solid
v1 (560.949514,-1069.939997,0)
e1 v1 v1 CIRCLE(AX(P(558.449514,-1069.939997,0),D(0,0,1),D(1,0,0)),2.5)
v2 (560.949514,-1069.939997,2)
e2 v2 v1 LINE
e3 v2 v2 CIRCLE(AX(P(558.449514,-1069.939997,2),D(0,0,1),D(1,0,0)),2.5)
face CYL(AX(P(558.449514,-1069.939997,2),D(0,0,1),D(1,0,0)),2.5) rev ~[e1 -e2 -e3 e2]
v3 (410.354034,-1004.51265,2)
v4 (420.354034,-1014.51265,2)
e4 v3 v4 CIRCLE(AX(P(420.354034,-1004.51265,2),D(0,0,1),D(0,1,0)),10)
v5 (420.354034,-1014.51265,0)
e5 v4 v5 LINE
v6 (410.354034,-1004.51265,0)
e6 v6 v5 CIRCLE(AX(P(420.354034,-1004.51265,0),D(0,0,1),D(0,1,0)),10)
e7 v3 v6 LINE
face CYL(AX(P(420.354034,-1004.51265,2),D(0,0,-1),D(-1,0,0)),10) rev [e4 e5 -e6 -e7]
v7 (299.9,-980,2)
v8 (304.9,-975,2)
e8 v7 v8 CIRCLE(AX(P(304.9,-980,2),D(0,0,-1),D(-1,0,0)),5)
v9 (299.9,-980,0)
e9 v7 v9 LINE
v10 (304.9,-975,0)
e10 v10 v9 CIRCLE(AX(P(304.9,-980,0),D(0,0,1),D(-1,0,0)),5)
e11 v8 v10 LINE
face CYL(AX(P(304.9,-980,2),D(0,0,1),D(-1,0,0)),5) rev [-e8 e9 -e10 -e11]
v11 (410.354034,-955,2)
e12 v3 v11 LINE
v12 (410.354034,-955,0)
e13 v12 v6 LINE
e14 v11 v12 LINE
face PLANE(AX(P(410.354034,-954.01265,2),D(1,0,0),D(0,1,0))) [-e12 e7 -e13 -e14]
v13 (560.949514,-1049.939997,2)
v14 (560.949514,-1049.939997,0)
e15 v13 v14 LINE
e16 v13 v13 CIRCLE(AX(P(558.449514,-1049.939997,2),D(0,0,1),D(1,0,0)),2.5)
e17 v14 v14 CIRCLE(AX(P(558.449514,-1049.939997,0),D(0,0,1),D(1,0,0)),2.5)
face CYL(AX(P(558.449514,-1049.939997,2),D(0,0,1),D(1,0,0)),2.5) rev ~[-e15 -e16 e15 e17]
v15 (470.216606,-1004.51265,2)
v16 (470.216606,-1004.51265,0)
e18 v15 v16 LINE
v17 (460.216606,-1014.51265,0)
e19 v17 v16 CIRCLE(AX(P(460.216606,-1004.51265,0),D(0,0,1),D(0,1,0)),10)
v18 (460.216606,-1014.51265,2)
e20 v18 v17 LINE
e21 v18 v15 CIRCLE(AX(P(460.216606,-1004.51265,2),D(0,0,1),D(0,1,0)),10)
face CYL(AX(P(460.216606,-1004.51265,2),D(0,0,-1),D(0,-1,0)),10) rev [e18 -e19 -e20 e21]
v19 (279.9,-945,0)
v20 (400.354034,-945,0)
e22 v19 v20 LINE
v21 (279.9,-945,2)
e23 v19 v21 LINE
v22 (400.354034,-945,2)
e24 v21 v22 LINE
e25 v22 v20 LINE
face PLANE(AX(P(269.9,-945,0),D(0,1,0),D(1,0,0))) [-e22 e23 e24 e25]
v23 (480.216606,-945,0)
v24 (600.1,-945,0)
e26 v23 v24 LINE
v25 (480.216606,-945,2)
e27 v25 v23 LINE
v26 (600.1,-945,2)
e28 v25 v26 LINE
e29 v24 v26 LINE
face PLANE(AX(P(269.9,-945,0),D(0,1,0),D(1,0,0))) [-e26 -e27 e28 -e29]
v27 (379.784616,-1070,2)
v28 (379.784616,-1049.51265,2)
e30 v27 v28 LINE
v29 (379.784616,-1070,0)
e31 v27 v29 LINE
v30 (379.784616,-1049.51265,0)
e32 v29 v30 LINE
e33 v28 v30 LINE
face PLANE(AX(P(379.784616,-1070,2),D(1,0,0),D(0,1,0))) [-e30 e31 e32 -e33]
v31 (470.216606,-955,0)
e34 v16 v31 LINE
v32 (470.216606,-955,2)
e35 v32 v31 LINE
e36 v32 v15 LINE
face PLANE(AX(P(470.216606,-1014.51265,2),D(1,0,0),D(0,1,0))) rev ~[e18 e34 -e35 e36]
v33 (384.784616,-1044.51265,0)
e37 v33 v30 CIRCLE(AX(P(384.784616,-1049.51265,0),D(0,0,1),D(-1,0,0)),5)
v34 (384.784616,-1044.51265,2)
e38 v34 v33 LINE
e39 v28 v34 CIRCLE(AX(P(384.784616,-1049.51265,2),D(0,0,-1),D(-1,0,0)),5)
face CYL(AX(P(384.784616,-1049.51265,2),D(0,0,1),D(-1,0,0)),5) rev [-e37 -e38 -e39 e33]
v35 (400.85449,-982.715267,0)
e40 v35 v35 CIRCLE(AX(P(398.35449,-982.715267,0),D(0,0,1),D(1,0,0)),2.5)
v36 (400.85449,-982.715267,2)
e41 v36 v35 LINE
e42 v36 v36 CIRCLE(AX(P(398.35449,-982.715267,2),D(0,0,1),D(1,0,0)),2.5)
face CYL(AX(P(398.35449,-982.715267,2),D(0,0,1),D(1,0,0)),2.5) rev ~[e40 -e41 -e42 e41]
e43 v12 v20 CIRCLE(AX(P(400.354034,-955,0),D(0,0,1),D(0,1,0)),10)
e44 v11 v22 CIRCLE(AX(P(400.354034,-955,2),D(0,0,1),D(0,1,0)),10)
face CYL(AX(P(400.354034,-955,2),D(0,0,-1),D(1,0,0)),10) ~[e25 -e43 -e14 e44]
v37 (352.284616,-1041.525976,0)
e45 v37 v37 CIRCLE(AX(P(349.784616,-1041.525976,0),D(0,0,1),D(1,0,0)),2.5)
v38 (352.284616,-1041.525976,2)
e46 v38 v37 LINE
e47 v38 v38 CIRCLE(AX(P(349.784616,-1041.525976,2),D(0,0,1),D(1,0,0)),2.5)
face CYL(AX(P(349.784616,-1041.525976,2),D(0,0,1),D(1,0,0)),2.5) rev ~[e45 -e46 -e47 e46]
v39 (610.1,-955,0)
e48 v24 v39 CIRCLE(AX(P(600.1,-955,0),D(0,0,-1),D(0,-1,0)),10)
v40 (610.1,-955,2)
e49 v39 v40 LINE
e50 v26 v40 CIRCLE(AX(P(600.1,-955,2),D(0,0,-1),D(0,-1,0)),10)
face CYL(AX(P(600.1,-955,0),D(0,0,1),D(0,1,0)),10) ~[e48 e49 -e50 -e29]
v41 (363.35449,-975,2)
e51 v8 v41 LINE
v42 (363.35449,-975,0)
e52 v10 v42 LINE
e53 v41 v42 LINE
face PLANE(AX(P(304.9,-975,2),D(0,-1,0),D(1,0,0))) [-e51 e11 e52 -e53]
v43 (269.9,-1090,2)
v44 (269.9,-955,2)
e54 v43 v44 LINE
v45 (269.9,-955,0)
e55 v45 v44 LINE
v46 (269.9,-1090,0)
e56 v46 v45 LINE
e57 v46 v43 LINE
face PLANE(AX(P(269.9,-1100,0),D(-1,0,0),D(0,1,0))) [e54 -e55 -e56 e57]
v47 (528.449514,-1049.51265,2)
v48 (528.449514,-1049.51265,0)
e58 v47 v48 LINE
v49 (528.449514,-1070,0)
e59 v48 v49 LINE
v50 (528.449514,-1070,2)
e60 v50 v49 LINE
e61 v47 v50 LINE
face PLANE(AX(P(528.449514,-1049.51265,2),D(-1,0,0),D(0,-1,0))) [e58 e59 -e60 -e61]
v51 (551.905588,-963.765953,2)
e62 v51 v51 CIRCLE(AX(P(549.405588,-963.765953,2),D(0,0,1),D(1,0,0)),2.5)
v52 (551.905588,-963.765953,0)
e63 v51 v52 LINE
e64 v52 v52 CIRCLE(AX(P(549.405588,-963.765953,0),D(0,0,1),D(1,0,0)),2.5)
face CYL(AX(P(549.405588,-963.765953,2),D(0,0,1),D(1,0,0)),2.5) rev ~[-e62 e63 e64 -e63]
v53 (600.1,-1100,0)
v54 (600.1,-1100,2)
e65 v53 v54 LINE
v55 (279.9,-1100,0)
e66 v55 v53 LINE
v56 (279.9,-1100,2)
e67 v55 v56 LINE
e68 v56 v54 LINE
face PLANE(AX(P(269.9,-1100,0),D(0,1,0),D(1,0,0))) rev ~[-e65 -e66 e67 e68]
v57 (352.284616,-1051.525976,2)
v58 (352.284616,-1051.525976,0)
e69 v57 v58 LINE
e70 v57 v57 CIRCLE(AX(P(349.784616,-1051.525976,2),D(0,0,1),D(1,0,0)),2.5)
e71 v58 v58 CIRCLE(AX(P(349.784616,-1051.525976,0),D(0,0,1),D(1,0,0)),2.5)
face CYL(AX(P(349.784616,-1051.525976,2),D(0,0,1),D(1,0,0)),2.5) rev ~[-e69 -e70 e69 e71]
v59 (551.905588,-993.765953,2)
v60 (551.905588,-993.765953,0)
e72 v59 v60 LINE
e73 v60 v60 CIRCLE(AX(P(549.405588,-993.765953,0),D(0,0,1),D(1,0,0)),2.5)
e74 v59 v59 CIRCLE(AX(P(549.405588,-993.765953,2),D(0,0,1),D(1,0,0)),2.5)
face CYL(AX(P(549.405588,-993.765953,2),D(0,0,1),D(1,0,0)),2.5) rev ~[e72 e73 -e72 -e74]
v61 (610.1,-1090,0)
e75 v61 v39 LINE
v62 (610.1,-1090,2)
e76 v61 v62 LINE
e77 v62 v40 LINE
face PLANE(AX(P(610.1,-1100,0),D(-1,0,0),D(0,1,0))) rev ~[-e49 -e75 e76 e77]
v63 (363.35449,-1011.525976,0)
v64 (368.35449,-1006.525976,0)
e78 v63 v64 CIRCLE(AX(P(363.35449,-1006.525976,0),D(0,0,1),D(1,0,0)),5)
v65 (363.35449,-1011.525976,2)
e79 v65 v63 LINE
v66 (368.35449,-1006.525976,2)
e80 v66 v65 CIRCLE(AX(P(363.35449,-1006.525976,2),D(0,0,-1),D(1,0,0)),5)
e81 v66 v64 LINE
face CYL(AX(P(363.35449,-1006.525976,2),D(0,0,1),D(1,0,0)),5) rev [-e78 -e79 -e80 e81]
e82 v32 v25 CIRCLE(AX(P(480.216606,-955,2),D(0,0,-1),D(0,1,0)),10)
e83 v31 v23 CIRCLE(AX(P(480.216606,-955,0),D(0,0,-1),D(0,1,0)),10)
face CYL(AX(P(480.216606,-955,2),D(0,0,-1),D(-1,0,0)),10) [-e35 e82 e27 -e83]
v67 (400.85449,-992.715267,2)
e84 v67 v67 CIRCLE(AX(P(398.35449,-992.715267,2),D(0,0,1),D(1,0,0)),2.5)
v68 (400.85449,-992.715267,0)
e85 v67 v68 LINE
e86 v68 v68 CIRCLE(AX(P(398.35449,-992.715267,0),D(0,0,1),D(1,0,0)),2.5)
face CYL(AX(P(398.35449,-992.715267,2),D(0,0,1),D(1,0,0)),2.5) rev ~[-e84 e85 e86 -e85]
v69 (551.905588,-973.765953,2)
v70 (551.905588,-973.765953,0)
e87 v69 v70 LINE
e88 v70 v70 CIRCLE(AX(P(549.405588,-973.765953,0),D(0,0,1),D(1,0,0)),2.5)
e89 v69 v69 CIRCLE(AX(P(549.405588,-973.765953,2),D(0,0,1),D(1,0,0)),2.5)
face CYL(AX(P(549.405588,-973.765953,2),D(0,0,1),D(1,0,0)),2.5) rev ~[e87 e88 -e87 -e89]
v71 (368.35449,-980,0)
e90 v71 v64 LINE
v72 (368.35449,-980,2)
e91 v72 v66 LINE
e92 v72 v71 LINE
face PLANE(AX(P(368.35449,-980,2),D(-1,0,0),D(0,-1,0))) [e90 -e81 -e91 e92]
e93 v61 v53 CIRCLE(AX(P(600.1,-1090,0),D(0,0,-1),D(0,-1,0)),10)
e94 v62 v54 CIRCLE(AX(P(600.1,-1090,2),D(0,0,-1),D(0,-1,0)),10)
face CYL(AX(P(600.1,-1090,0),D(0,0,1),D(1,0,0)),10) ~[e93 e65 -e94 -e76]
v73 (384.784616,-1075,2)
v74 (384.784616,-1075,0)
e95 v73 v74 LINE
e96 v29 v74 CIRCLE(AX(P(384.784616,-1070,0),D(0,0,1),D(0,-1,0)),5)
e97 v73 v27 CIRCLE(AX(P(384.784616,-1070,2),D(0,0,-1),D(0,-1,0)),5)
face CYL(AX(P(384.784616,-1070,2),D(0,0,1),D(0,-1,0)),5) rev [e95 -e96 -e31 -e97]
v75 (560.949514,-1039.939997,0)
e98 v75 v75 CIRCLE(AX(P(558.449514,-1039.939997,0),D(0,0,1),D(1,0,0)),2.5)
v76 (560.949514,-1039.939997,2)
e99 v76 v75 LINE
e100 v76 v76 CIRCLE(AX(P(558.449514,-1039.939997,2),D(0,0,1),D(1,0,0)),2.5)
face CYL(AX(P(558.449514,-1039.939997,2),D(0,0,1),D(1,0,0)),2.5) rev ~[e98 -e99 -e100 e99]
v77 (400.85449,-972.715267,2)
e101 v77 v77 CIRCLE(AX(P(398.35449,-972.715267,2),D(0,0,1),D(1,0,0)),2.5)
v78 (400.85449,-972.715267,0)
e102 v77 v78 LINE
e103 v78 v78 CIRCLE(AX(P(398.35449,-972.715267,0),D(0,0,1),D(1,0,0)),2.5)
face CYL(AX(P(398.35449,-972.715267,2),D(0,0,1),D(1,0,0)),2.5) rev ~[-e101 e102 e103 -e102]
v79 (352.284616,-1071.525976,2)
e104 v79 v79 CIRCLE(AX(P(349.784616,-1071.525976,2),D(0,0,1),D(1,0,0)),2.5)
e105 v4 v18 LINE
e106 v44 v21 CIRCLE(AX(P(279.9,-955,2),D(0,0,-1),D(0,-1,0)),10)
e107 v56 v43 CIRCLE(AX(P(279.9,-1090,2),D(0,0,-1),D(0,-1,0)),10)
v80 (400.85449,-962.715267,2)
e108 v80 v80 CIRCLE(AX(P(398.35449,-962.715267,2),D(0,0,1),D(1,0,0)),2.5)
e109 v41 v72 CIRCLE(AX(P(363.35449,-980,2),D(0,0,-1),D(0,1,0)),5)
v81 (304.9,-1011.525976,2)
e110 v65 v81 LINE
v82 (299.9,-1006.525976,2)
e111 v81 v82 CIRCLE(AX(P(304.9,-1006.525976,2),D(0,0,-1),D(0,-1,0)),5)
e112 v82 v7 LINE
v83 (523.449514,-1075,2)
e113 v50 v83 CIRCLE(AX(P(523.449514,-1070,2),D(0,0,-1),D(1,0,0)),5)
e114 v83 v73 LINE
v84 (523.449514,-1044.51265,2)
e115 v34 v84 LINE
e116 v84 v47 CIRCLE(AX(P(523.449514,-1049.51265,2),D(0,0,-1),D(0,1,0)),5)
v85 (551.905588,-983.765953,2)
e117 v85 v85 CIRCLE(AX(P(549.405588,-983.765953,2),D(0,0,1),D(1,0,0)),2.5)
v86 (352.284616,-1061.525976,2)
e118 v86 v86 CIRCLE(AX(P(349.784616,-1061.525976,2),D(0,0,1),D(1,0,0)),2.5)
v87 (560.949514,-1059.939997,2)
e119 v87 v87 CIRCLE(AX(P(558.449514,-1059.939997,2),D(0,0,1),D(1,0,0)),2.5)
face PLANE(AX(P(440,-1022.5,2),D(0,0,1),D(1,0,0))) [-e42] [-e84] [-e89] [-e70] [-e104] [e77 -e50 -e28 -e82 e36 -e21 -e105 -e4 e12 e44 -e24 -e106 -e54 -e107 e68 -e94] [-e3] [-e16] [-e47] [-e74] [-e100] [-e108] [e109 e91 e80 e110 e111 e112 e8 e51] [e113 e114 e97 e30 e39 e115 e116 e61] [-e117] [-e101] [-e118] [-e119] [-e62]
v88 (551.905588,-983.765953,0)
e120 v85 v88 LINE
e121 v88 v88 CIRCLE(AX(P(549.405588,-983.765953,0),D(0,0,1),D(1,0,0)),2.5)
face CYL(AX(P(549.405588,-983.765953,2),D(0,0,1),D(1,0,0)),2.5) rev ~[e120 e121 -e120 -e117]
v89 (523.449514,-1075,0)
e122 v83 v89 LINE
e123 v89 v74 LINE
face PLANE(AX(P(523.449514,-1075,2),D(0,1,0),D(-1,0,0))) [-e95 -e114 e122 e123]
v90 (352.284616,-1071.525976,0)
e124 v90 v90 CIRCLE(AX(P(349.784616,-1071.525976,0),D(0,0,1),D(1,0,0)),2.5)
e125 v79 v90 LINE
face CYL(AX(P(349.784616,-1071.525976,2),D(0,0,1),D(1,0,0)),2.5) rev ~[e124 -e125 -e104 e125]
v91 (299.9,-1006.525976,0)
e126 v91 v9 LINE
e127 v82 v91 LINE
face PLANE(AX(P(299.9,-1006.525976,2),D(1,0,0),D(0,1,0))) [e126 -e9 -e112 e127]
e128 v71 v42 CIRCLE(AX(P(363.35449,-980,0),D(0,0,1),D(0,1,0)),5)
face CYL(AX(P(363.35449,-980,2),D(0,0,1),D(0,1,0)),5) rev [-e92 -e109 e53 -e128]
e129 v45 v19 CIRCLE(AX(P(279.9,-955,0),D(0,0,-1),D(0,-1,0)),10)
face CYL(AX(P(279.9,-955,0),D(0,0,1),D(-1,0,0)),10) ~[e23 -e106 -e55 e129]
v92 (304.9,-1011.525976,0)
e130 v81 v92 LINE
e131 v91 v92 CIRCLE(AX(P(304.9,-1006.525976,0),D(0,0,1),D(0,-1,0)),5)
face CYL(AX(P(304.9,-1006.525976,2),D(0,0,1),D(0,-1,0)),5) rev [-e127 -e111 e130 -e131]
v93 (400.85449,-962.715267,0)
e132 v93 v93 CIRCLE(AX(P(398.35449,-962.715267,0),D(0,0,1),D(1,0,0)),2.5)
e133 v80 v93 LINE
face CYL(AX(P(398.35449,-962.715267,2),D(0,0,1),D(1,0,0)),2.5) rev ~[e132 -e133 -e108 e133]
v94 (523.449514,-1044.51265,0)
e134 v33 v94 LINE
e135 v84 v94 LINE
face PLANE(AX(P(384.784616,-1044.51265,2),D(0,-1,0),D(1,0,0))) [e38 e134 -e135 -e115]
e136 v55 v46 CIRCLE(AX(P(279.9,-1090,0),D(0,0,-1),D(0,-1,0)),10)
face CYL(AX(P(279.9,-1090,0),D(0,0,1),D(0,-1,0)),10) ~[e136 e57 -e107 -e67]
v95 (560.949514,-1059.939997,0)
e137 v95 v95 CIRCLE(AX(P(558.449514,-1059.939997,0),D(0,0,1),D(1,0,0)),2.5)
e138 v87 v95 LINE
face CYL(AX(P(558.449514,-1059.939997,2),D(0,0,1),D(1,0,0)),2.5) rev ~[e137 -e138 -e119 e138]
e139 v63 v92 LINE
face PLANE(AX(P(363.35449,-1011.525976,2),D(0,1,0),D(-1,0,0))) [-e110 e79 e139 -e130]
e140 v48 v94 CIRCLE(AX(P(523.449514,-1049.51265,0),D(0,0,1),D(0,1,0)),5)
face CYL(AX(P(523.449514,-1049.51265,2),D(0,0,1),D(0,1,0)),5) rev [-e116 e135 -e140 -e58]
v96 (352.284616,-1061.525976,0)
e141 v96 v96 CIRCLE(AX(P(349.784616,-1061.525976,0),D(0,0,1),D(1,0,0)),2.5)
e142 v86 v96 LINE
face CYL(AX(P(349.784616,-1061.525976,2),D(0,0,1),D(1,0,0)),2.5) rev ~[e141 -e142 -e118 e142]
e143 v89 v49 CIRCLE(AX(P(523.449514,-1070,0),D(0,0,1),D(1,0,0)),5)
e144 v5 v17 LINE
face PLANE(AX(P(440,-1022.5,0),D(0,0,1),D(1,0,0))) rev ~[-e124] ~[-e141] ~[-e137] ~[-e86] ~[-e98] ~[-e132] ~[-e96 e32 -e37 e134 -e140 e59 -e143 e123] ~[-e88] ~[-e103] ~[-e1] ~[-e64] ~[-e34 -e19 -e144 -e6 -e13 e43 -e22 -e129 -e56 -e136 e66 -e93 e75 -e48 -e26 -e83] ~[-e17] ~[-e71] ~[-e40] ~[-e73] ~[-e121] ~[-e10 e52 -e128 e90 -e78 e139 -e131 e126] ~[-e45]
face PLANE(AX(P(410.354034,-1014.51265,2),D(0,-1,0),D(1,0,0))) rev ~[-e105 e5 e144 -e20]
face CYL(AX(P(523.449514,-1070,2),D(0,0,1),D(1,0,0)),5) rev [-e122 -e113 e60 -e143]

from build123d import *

# Parameters (mm, degrees)
SKETCH1_W           = 340.2
SKETCH1_H           = 155
BOSS_EXTRUDE1_DEPTH = 2
SKETCH2_R           = 2.5
CUT_EXTRUDE1_DEPTH  = 3
LPATTERN1_COUNT     = 4
LPATTERN1_PITCH     = 10
SKETCH3_W           = 59.862571915
SKETCH3_H           = 20.5
CUT_EXTRUDE2_DEPTH  = 3
LPATTERN2_COUNT     = 5
LPATTERN2_PITCH     = 10
SKETCH4_W           = 59.862571915
SKETCH4_H           = 9.012650354
CUT_EXTRUDE3_DEPTH  = 3
FILLET1_R           = 10
FILLET2_R           = 10
CUT_EXTRUDE4_DEPTH  = 3


with BuildPart() as part:
    # Sketch1 → Boss-Extrude1 (new body)
    with BuildSketch(Plane.XY):
        with Locations((440, -1022.5)):
            Rectangle(SKETCH1_W, SKETCH1_H)
    extrude(amount=BOSS_EXTRUDE1_DEPTH)

    # Sketch2 → Cut-Extrude1 (cut, through all)
    with BuildSketch(Plane.XY.offset(2)):
        with Locations((558.449514061, -1039.939996933)):
            Circle(SKETCH2_R)
        with Locations((349.784616085, -1041.525975933)):
            Circle(SKETCH2_R)
        with Locations((398.354490085, -962.715267)):
            Circle(SKETCH2_R)
        with Locations((549.405587829, -963.765953)):
            Circle(SKETCH2_R)
    cut_extrude1 = extrude(amount=-CUT_EXTRUDE1_DEPTH, mode=Mode.SUBTRACT)

    # LPattern1: Cut-Extrude1 ×4
    with Locations(*[(0, -i * LPATTERN1_PITCH, 0) for i in range(1, LPATTERN1_COUNT)]):
        add(cut_extrude1, mode=Mode.SUBTRACT)

    # Sketch3 → Cut-Extrude2 (cut, through all)
    with BuildSketch(Plane.XY.offset(2)):
        with Locations((440.285320332, -964.262650354)):
            Rectangle(SKETCH3_W, SKETCH3_H)
    cut_extrude2 = extrude(amount=-CUT_EXTRUDE2_DEPTH, mode=Mode.SUBTRACT)

    # LPattern2: Cut-Extrude2 ×5
    with Locations(*[(0, -i * LPATTERN2_PITCH, 0) for i in range(1, LPATTERN2_COUNT)]):
        add(cut_extrude2, mode=Mode.SUBTRACT)

    # Sketch4 → Cut-Extrude3 (cut, through all)
    with BuildSketch(Plane.XY.offset(2)):
        with Locations((440.285320332, -949.506325177)):
            Rectangle(SKETCH4_W, SKETCH4_H)
    extrude(amount=-CUT_EXTRUDE3_DEPTH, mode=Mode.SUBTRACT)

    # Fillet1
    fillet1_edges = [part.edges().sort_by_distance(p)[0] for p in [
        (470.216606289, -945, 1),
        (410.354034374, -945, 1),
        (410.354034374, -1014.512650354, 1),
        (470.216606289, -1014.512650354, 1),
    ]]
    fillet(fillet1_edges, radius=FILLET1_R)

    # Fillet2
    fillet2_edges = [part.edges().sort_by_distance(p)[0] for p in [
        (610.1, -1100, 1),
        (269.9, -1100, 1),
        (269.9, -945, 1),
        (610.1, -945, 1),
    ]]
    fillet(fillet2_edges, radius=FILLET2_R)

    # Sketch5 → Cut-Extrude4 (cut, through all)
    with BuildSketch(Plane.XY.offset(2)):
        with BuildLine():
            Line((523.449514061, -1075), (384.784616085, -1075))
            ThreePointArc((384.784616085, -1075), (381.249082179, -1073.535533906), (379.784616085, -1070))
            Line((379.784616085, -1070), (379.784616085, -1049.512650354))
            ThreePointArc((379.784616085, -1049.512650354), (381.249082179, -1045.977116448), (384.784616085, -1044.512650354))
            Line((384.784616085, -1044.512650354), (523.449514061, -1044.512650354))
            ThreePointArc((523.449514061, -1044.512650354), (526.985047967, -1045.977116448), (528.449514061, -1049.512650354))
            Line((528.449514061, -1049.512650354), (528.449514061, -1070))
            ThreePointArc((528.449514061, -1070), (526.985047967, -1073.535533906), (523.449514061, -1075))
        make_face()
        with BuildLine():
            Line((363.354490085, -1011.525975933), (304.9, -1011.525975933))
            ThreePointArc((304.9, -1011.525975933), (301.364466094, -1010.061509839), (299.9, -1006.525975933))
            Line((299.9, -1006.525975933), (299.9, -980))
            ThreePointArc((299.9, -980), (301.364466094, -976.464466094), (304.9, -975))
            Line((304.9, -975), (363.354490085, -975))
            ThreePointArc((363.354490085, -975), (366.890023991, -976.464466094), (368.354490085, -980))
            Line((368.354490085, -980), (368.354490085, -1006.525975933))
            ThreePointArc((368.354490085, -1006.525975933), (366.890023991, -1010.061509839), (363.354490085, -1011.525975933))
        make_face()
    extrude(amount=-CUT_EXTRUDE4_DEPTH, mode=Mode.SUBTRACT)


solid = part.part
